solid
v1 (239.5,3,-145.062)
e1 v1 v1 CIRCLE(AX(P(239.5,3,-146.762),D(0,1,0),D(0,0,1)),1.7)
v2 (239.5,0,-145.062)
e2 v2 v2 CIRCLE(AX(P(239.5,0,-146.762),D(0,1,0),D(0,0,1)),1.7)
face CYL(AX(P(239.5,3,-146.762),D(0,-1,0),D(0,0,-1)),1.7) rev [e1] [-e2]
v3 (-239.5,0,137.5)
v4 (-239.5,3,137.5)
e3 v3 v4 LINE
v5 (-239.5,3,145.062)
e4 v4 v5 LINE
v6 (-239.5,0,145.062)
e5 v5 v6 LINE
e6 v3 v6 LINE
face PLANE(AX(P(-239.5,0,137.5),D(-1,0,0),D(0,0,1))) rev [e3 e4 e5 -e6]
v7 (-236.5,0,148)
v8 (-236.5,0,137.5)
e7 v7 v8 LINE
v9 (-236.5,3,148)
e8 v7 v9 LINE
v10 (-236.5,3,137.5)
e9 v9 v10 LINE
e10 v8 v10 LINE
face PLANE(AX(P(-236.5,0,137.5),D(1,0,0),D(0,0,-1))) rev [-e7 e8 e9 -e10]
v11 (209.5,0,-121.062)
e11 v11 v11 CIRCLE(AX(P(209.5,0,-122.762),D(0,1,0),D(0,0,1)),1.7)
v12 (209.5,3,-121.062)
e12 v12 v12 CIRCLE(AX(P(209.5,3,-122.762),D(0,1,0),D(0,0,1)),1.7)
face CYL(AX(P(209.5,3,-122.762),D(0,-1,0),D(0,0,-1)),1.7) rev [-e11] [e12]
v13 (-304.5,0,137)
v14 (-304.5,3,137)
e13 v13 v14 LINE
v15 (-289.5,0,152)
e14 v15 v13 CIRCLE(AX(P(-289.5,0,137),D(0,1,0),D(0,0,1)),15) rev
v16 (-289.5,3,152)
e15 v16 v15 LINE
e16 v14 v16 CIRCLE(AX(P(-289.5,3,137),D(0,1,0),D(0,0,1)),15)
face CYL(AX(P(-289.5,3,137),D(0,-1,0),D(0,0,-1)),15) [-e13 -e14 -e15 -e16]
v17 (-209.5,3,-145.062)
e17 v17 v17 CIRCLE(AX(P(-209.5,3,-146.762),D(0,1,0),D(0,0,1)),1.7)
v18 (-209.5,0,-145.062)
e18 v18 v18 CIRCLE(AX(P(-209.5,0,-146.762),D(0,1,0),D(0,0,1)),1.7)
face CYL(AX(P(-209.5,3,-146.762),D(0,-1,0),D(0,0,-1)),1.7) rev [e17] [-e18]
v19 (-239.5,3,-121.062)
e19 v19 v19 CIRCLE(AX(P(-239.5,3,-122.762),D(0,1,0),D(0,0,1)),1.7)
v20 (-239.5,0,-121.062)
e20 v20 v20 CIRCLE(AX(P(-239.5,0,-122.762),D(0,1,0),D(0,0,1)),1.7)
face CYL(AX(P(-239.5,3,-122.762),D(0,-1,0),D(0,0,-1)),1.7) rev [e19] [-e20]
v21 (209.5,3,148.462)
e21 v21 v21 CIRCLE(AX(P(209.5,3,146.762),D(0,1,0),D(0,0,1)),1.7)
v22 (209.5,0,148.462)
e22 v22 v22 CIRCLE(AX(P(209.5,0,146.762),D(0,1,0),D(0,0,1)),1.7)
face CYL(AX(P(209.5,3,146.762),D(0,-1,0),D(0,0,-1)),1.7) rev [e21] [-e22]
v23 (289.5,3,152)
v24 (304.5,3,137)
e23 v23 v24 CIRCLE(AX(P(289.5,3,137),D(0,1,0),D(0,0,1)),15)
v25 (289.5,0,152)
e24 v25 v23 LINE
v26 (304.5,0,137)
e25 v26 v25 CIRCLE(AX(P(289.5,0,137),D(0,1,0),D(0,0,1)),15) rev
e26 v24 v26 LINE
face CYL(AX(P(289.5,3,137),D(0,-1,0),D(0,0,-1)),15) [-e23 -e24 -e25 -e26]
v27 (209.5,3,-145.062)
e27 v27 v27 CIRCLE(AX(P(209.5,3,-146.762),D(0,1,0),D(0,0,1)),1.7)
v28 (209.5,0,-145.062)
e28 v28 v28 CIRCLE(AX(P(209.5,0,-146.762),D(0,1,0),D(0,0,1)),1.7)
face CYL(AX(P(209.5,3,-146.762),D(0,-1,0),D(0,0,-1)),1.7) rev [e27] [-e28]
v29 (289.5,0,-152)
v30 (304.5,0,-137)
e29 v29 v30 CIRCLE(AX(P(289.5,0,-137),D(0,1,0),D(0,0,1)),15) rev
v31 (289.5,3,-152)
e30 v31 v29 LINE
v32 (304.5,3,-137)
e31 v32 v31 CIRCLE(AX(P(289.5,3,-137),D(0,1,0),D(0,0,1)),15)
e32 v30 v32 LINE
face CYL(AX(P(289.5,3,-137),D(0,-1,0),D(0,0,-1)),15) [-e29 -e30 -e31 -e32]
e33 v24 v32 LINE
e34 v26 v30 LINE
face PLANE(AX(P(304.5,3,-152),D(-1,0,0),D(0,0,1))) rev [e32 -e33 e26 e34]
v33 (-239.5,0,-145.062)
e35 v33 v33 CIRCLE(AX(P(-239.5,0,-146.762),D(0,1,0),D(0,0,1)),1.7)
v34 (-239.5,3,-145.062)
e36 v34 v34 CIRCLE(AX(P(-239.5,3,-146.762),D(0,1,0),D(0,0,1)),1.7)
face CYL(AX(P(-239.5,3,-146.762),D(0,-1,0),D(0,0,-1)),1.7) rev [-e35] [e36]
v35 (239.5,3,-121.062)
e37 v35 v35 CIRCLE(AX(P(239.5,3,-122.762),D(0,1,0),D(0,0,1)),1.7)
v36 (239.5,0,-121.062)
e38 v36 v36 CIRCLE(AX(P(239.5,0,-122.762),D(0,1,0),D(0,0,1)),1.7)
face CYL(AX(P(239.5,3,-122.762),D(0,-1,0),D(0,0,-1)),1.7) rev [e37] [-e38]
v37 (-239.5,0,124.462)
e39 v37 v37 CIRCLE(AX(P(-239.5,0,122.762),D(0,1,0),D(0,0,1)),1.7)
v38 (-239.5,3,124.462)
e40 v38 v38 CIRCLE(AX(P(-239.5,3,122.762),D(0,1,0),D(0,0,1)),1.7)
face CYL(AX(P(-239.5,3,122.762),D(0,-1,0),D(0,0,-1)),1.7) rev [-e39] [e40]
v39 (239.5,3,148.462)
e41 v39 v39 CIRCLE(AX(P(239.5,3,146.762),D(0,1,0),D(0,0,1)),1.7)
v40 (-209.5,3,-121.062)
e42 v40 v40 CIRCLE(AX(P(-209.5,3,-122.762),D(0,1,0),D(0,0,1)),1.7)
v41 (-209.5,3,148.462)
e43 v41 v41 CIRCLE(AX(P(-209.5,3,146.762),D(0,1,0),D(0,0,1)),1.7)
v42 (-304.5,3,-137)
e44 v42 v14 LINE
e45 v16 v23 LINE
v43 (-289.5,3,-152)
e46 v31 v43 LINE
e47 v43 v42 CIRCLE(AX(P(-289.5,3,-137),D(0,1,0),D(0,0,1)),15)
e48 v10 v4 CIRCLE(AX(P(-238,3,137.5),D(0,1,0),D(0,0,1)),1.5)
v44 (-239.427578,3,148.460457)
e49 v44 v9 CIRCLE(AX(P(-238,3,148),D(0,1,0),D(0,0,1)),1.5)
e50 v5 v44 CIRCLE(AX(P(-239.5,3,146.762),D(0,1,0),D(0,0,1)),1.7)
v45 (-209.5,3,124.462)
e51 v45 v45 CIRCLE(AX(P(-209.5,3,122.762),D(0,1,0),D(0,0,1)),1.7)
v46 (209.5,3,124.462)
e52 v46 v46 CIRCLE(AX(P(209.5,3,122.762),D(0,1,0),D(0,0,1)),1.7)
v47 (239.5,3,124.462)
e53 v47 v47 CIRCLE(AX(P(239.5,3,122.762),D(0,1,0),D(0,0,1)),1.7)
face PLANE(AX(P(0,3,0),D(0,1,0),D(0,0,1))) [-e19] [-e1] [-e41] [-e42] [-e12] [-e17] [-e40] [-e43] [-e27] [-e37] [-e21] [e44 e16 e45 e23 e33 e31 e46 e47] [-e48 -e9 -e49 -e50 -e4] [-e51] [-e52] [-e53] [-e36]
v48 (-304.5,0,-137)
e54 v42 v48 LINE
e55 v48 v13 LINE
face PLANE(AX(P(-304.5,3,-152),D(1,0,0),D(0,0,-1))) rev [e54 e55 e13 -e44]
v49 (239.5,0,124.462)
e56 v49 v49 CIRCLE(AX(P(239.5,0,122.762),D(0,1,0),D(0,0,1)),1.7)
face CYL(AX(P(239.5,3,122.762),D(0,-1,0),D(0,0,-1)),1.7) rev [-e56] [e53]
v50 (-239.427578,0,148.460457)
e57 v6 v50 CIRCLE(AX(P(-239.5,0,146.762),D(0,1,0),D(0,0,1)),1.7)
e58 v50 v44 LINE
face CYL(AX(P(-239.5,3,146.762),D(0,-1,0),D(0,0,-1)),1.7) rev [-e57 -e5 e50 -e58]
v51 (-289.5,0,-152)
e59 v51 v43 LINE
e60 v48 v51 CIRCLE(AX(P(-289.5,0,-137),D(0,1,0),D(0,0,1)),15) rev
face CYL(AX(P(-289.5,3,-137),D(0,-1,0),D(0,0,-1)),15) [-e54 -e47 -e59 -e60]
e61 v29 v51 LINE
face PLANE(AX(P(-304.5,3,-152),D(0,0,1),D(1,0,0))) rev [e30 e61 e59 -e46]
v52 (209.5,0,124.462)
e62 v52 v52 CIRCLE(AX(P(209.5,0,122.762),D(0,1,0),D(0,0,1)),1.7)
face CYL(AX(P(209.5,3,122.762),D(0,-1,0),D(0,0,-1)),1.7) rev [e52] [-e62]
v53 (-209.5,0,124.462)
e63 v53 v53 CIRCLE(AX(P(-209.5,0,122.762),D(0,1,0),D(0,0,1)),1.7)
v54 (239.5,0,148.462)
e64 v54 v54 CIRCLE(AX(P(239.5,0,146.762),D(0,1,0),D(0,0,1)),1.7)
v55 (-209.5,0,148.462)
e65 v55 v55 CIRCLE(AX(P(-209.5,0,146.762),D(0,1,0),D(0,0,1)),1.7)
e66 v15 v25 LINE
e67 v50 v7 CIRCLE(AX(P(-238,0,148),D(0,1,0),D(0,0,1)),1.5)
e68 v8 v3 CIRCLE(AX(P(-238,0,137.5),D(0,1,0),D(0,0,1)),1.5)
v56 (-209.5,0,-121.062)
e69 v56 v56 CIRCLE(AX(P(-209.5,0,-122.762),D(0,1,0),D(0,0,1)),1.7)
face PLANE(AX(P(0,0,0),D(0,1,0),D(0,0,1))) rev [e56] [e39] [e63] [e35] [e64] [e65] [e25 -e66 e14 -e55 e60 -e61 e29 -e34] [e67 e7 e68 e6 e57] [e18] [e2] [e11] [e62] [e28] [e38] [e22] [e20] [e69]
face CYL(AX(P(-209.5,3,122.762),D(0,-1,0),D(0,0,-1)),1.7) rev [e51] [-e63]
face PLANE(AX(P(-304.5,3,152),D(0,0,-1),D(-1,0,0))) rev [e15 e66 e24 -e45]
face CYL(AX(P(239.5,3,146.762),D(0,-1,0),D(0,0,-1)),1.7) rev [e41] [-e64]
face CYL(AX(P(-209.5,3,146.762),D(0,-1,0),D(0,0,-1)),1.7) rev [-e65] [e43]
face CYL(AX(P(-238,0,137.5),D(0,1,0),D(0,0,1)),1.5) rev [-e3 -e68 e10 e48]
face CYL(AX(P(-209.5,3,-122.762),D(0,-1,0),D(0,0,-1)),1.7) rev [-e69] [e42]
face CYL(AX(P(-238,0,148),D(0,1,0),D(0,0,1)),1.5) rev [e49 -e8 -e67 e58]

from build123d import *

# Parameters (mm, degrees)
SKETCH1_W           = 609
SKETCH1_H           = 304
SKETCH1_R           = 1.7
BOSS_EXTRUDE1_DEPTH = 3
FILLET1_R           = 15
CUT_EXTRUDE1_DEPTH  = 341.342841852


with BuildPart() as part:
    # Sketch1 → Boss-Extrude1 (new body)
    with BuildSketch(Plane(origin=(0, 0, 0), x_dir=(1, 0, 0), z_dir=(0, 1, 0))):
        Rectangle(SKETCH1_W, SKETCH1_H)
        with Locations(Location((-239.5, 146.761999999, 0), (0, 0, 270))):
            Circle(SKETCH1_R, mode=Mode.SUBTRACT)
        with Locations(Location((-209.5, 146.761999999, 0), (0, 0, 270))):
            Circle(SKETCH1_R, mode=Mode.SUBTRACT)
        with Locations(Location((-209.5, 122.761999999, 0), (0, 0, 270))):
            Circle(SKETCH1_R, mode=Mode.SUBTRACT)
        with Locations(Location((-239.5, 122.761999999, 0), (0, 0, 270))):
            Circle(SKETCH1_R, mode=Mode.SUBTRACT)
        with Locations(Location((-239.5, -122.762, 0), (0, 0, 270))):
            Circle(SKETCH1_R, mode=Mode.SUBTRACT)
        with Locations(Location((-209.5, -122.762, 0), (0, 0, 270))):
            Circle(SKETCH1_R, mode=Mode.SUBTRACT)
        with Locations(Location((-209.5, -146.762, 0), (0, 0, 270))):
            Circle(SKETCH1_R, mode=Mode.SUBTRACT)
        with Locations(Location((-239.5, -146.762, 0), (0, 0, 270))):
            Circle(SKETCH1_R, mode=Mode.SUBTRACT)
        with Locations(Location((209.500000001, -122.761999999, 0), (0, 0, 270))):
            Circle(SKETCH1_R, mode=Mode.SUBTRACT)
        with Locations(Location((239.500000001, -122.761999999, 0), (0, 0, 270))):
            Circle(SKETCH1_R, mode=Mode.SUBTRACT)
        with Locations(Location((239.500000001, -146.761999999, 0), (0, 0, 270))):
            Circle(SKETCH1_R, mode=Mode.SUBTRACT)
        with Locations(Location((209.500000001, -146.761999999, 0), (0, 0, 270))):
            Circle(SKETCH1_R, mode=Mode.SUBTRACT)
        with Locations(Location((209.500000001, 146.762, 0), (0, 0, 270))):
            Circle(SKETCH1_R, mode=Mode.SUBTRACT)
        with Locations(Location((239.500000001, 146.762, 0), (0, 0, 270))):
            Circle(SKETCH1_R, mode=Mode.SUBTRACT)
        with Locations(Location((239.500000001, 122.762, 0), (0, 0, 270))):
            Circle(SKETCH1_R, mode=Mode.SUBTRACT)
        with Locations(Location((209.500000001, 122.762, 0), (0, 0, 270))):
            Circle(SKETCH1_R, mode=Mode.SUBTRACT)
    extrude(amount=BOSS_EXTRUDE1_DEPTH)

    # Fillet1
    fillet1_edges = [part.edges().sort_by_distance(p)[0] for p in [
        (304.5, 1.5, 152),
        (-304.5, 1.5, 152),
        (-304.5, 1.5, -152),
        (304.5, 1.5, -152),
    ]]
    fillet(fillet1_edges, radius=FILLET1_R)

    # Sketch3 → Cut-Extrude1 (cut, through all)
    with BuildSketch(Plane(origin=(0, 3, 0), x_dir=(1, 0, 0), z_dir=(0, 1, 0))):
        with BuildLine():
            Line((-236.5, -137.5), (-236.5, -148))
            ThreePointArc((-236.5, -148), (-238, -149.5), (-239.5, -148))
            Line((-239.5, -148), (-239.5, -137.5))
            ThreePointArc((-239.5, -137.5), (-238, -136), (-236.5, -137.5))
        make_face()
    extrude(amount=-CUT_EXTRUDE1_DEPTH, mode=Mode.SUBTRACT)


solid = part.part
